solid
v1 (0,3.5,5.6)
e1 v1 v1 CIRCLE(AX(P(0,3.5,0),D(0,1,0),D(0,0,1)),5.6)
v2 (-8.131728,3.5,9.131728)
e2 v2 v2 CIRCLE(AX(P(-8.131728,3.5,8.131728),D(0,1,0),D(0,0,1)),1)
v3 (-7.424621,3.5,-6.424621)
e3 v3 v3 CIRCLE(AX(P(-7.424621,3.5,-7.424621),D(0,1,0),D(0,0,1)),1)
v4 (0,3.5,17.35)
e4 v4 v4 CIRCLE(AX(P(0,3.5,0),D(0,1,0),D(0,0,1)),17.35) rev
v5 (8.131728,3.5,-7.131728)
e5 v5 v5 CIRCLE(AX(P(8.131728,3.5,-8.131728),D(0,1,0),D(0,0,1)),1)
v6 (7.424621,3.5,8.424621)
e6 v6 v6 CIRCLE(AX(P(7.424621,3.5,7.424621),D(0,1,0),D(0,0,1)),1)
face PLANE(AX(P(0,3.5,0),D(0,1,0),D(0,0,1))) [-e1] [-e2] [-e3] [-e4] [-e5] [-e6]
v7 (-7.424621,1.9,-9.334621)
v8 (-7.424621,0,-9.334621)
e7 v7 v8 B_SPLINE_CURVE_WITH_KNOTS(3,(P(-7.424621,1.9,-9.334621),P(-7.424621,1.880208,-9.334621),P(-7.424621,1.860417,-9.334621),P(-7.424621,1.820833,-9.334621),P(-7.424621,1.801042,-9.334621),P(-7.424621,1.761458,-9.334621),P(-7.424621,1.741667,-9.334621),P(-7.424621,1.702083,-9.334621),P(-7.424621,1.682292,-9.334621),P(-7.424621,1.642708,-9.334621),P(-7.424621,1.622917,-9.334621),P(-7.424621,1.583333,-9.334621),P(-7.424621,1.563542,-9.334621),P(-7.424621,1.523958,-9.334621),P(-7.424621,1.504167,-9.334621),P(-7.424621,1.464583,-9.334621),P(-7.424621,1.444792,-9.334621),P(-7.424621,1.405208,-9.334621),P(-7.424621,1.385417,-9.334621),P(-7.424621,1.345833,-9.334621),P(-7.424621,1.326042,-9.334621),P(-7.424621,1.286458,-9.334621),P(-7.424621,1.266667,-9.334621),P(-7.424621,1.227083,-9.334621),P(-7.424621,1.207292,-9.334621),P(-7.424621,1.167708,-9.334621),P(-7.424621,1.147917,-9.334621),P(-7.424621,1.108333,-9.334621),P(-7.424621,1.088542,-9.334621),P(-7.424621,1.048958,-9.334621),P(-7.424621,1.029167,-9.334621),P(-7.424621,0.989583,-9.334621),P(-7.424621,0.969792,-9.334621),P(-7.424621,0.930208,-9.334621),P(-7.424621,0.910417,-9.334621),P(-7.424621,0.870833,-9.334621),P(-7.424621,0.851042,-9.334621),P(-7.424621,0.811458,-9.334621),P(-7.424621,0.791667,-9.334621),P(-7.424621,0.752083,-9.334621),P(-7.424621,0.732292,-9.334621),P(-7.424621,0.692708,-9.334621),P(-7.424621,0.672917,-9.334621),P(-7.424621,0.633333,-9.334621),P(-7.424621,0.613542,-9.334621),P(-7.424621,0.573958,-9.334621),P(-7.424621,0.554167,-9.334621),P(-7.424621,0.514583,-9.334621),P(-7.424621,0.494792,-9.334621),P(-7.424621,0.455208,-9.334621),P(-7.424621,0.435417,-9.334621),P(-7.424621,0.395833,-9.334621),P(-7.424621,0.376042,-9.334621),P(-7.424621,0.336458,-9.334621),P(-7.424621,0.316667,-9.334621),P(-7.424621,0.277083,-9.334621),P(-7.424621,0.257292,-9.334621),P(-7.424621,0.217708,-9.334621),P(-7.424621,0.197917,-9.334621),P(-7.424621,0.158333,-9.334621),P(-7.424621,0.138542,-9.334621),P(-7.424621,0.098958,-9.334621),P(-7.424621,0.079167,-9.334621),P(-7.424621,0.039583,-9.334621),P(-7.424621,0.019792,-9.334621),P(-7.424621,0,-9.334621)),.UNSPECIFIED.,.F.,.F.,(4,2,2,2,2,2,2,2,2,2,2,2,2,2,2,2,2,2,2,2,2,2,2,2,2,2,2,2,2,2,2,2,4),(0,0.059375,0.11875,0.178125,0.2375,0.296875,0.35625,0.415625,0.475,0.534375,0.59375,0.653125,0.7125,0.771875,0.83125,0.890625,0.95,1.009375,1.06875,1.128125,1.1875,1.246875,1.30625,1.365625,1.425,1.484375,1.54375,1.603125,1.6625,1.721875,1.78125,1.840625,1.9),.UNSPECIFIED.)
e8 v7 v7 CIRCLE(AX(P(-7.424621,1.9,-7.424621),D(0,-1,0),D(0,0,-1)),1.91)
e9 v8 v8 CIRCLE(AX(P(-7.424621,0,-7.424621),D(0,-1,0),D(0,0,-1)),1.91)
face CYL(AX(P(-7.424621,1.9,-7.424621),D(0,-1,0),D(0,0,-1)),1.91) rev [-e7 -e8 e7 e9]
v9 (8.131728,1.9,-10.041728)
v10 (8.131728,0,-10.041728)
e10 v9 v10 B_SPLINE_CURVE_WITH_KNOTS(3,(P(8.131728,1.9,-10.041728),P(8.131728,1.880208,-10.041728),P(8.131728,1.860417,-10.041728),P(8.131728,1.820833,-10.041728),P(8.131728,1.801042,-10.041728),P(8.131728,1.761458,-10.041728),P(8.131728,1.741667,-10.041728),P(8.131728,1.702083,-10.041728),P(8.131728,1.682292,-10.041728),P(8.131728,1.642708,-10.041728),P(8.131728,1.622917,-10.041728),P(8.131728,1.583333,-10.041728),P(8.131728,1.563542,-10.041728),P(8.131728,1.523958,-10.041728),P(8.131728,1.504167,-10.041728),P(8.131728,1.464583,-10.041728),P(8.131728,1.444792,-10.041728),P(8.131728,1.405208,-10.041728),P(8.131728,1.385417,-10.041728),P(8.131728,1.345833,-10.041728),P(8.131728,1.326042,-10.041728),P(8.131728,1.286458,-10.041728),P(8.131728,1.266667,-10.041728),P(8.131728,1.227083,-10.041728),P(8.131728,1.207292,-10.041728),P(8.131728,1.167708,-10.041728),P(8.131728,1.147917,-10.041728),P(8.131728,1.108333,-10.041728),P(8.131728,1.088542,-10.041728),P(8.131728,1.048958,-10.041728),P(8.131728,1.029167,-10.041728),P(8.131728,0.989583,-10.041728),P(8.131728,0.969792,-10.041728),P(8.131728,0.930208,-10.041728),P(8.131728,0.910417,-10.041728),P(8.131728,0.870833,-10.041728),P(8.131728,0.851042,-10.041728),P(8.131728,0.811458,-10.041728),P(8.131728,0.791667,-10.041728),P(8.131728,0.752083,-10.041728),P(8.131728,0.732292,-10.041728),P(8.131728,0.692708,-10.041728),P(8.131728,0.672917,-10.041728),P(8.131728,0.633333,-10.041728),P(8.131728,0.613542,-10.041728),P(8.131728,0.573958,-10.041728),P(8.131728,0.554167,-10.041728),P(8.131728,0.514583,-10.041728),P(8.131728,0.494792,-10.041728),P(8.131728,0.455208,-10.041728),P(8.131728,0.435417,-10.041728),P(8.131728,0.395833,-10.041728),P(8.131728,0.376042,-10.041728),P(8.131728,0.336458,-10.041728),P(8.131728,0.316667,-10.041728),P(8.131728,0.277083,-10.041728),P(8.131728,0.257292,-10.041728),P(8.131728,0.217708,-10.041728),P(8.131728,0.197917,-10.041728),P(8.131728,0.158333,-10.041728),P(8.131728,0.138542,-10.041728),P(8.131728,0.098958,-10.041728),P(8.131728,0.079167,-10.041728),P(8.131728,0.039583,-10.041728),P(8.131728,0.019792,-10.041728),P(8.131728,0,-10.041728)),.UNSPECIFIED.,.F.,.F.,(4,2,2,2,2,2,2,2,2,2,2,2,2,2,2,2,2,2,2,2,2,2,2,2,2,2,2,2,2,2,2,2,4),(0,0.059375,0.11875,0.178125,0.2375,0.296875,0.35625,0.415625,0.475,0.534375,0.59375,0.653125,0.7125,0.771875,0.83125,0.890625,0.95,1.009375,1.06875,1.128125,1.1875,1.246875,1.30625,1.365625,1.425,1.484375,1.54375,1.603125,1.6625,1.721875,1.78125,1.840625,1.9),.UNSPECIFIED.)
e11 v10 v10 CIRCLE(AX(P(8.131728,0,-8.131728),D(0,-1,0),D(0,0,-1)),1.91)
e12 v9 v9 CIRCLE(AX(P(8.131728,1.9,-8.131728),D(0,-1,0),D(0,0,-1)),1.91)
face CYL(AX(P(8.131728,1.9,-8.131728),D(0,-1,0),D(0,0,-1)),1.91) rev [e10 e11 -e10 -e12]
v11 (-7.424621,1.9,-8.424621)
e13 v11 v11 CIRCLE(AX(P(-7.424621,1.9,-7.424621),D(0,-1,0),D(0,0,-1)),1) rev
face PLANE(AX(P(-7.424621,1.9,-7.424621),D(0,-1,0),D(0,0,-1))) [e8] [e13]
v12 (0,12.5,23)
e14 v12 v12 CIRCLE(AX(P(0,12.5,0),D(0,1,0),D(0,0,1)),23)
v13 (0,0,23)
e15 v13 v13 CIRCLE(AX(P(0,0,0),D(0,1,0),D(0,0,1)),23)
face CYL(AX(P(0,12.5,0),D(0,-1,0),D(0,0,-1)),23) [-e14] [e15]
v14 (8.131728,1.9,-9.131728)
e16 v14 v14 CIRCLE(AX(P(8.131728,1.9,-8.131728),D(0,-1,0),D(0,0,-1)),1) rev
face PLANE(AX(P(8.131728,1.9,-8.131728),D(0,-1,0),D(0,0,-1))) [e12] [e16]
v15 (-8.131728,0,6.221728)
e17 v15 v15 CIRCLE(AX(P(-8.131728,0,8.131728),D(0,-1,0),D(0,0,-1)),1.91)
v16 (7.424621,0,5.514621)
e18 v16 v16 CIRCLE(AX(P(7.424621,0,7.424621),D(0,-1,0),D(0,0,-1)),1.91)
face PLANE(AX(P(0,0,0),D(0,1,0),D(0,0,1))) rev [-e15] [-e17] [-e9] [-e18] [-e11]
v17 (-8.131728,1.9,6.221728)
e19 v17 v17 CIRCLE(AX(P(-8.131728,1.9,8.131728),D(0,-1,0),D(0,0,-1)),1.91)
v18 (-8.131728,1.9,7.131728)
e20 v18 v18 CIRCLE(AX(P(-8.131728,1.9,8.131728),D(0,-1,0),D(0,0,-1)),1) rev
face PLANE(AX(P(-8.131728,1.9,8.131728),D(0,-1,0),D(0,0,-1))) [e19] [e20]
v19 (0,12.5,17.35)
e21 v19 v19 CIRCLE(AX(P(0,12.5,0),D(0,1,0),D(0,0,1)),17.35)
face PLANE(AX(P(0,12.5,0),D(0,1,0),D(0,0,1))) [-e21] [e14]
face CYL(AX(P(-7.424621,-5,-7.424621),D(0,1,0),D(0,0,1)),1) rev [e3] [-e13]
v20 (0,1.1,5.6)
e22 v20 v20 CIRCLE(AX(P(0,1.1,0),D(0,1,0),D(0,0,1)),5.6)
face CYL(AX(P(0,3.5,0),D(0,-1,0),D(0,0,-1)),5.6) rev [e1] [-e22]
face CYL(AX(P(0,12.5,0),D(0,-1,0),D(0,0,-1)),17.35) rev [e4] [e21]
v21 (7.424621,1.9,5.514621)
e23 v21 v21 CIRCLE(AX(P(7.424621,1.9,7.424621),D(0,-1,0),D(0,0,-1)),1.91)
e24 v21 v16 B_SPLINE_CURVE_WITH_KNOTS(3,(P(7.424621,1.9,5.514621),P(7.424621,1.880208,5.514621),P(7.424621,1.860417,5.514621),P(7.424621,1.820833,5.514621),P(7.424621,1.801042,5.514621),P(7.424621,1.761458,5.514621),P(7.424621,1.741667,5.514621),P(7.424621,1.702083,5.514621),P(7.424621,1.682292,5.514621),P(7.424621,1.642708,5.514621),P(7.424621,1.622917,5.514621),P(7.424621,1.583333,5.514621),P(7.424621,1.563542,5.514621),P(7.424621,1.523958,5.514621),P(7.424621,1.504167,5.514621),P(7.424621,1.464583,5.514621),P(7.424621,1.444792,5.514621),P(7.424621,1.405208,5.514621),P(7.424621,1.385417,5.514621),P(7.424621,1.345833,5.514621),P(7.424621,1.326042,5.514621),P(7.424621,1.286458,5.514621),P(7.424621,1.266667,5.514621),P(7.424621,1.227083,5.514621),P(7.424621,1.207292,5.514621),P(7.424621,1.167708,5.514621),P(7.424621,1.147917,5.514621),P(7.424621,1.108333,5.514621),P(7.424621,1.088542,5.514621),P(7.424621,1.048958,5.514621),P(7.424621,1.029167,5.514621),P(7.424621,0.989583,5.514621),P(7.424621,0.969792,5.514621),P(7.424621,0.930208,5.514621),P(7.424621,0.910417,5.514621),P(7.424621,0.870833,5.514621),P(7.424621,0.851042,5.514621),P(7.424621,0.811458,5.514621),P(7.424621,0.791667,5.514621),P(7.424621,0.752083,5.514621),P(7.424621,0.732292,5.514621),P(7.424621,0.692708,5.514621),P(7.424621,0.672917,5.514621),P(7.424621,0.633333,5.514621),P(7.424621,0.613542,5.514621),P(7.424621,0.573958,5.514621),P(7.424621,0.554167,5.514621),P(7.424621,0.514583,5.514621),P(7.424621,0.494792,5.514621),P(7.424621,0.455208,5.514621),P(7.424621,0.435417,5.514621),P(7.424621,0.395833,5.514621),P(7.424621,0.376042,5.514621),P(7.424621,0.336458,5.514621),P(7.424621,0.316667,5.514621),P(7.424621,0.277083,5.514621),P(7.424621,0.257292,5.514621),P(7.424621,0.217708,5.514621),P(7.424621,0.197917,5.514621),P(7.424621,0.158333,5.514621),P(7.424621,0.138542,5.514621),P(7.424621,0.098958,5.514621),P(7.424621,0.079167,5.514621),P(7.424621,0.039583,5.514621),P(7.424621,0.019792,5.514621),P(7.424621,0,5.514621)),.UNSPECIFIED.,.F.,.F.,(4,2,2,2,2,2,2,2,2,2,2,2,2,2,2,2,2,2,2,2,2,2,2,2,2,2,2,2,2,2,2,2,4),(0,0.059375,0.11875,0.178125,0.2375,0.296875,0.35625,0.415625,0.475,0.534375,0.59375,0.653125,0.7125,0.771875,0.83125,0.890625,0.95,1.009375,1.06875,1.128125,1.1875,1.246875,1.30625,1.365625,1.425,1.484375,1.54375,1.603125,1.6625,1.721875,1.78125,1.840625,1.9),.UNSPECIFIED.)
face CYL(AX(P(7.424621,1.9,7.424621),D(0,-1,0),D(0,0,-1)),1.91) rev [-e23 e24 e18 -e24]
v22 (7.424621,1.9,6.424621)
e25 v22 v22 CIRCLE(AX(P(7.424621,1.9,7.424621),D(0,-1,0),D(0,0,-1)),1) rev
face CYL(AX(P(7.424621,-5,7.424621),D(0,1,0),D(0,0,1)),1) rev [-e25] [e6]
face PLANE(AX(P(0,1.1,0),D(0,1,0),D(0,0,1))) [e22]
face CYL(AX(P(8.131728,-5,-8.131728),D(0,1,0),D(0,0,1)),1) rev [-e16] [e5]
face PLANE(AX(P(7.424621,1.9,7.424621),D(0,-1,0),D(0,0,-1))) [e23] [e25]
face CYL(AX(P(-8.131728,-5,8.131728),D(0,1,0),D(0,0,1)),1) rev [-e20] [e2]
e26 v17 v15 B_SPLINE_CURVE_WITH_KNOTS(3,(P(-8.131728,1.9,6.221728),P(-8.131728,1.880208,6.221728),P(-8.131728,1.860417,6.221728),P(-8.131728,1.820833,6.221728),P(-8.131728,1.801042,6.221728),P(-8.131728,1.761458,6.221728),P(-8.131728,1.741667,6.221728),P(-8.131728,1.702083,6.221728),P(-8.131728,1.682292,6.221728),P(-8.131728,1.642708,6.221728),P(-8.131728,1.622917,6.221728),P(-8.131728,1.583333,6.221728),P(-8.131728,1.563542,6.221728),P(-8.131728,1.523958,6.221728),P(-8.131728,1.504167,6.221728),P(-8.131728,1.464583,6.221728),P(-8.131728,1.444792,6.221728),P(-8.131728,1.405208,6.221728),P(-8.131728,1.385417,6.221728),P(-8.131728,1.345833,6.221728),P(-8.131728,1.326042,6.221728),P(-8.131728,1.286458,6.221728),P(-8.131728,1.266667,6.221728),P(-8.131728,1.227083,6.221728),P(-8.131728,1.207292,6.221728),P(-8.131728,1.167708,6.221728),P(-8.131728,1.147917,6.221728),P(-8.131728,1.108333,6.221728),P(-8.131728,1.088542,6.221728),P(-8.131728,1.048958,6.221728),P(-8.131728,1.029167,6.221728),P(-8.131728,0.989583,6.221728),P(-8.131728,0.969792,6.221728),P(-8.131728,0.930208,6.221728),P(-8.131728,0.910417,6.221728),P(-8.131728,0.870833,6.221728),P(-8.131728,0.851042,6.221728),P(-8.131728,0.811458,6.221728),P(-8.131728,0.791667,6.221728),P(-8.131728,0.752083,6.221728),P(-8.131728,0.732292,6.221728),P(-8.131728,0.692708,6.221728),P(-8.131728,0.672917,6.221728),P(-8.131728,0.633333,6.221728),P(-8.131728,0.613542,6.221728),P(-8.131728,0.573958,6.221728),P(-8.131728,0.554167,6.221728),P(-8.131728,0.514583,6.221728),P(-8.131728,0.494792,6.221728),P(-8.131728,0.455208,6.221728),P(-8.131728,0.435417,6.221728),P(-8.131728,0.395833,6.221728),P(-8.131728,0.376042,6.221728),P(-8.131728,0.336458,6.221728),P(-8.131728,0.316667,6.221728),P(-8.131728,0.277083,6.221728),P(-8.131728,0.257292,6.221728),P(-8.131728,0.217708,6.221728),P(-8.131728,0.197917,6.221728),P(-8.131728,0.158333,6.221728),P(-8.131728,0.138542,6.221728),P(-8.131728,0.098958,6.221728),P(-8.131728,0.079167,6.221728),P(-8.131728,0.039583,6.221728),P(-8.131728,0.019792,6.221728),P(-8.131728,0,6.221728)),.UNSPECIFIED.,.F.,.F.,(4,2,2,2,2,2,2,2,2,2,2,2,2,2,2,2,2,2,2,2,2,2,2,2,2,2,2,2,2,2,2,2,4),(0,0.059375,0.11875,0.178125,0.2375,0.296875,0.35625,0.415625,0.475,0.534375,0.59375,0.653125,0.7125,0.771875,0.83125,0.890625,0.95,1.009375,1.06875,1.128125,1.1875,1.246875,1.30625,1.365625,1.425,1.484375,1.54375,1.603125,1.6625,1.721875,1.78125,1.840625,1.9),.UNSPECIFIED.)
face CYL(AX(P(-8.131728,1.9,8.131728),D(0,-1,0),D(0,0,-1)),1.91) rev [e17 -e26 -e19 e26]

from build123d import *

# Parameters (mm, degrees)
SKETCH_1_R          = 17.35
SKETCH_1_R_2        = 5.6
EXTRUDE_1_DEPTH     = 3.5
SKETCH_3_R          = 23
SKETCH_3_R_2        = 17.35
EXTRUDE_3_DEPTH     = 12.5
SKETCH_4_R          = 5.6
EXTRUDE_4_DEPTH     = 1.1
SKETCH_6_R          = 1
CUT_EXTRUDE_3_DEPTH = 5
SKETCH_8_R          = 1.91
CUT_EXTRUDE_4_DEPTH = 1.9


with BuildPart() as part:
    # 草图1 → 凸台-拉伸1 (new body)
    with BuildSketch(Plane(origin=(0, 0, 0), x_dir=(1, 0, 0), z_dir=(0, 1, 0))):
        with Locations(Location((0, 0, 0), (0, 0, 270))):
            Circle(SKETCH_1_R)
        with Locations(Location((0, 0, 0), (0, 0, 270))):
            Circle(SKETCH_1_R_2, mode=Mode.SUBTRACT)
    extrude(amount=EXTRUDE_1_DEPTH)

    # 草图3 → 凸台-拉伸3 (add)
    with BuildSketch(Plane(origin=(0, 0, 0), x_dir=(1, 0, 0), z_dir=(0, 1, 0))):
        with Locations(Location((0, 0, 0), (0, 0, 270))):
            Circle(SKETCH_3_R)
        with Locations(Location((0, 0, 0), (0, 0, 270))):
            Circle(SKETCH_3_R_2, mode=Mode.SUBTRACT)
    extrude(amount=EXTRUDE_3_DEPTH)

    # 草图4 → 凸台-拉伸4 (add)
    with BuildSketch(Plane(origin=(0, 0, 0), x_dir=(1, 0, 0), z_dir=(0, 1, 0))):
        with Locations(Location((0, 0, 0), (0, 0, 270))):
            Circle(SKETCH_4_R)
    extrude(amount=EXTRUDE_4_DEPTH)

    # 草图6 → 切除-拉伸3 (cut, symmetric)
    with BuildSketch(Plane(origin=(0, 0, 0), x_dir=(1, 0, 0), z_dir=(0, 1, 0))):
        with Locations(Location((8.131727984, 8.131727984, 0), (0, 0, 270))):
            Circle(SKETCH_6_R)
        with Locations(Location((7.424621202, -7.424621202, 0), (0, 0, 270))):
            Circle(SKETCH_6_R)
        with Locations(Location((-8.131727984, -8.131727984, 0), (0, 0, 270))):
            Circle(SKETCH_6_R)
        with Locations(Location((-7.424621202, 7.424621202, 0), (0, 0, 270))):
            Circle(SKETCH_6_R)
    extrude(amount=CUT_EXTRUDE_3_DEPTH, both=True, mode=Mode.SUBTRACT)

    # 草图8 → 切除-拉伸4 (cut)
    with BuildSketch(Plane.XZ):
        with Locations(Location((-8.131727984, 8.131727984, 0), (0, 0, 270))):
            Circle(SKETCH_8_R)
        with Locations(Location((7.424621202, 7.424621202, 0), (0, 0, 270))):
            Circle(SKETCH_8_R)
        with Locations(Location((-7.424621202, -7.424621202, 0), (0, 0, 270))):
            Circle(SKETCH_8_R)
        with Locations(Location((8.131727984, -8.131727984, 0), (0, 0, 270))):
            Circle(SKETCH_8_R)
    extrude(amount=-CUT_EXTRUDE_4_DEPTH, mode=Mode.SUBTRACT)


solid = part.part
